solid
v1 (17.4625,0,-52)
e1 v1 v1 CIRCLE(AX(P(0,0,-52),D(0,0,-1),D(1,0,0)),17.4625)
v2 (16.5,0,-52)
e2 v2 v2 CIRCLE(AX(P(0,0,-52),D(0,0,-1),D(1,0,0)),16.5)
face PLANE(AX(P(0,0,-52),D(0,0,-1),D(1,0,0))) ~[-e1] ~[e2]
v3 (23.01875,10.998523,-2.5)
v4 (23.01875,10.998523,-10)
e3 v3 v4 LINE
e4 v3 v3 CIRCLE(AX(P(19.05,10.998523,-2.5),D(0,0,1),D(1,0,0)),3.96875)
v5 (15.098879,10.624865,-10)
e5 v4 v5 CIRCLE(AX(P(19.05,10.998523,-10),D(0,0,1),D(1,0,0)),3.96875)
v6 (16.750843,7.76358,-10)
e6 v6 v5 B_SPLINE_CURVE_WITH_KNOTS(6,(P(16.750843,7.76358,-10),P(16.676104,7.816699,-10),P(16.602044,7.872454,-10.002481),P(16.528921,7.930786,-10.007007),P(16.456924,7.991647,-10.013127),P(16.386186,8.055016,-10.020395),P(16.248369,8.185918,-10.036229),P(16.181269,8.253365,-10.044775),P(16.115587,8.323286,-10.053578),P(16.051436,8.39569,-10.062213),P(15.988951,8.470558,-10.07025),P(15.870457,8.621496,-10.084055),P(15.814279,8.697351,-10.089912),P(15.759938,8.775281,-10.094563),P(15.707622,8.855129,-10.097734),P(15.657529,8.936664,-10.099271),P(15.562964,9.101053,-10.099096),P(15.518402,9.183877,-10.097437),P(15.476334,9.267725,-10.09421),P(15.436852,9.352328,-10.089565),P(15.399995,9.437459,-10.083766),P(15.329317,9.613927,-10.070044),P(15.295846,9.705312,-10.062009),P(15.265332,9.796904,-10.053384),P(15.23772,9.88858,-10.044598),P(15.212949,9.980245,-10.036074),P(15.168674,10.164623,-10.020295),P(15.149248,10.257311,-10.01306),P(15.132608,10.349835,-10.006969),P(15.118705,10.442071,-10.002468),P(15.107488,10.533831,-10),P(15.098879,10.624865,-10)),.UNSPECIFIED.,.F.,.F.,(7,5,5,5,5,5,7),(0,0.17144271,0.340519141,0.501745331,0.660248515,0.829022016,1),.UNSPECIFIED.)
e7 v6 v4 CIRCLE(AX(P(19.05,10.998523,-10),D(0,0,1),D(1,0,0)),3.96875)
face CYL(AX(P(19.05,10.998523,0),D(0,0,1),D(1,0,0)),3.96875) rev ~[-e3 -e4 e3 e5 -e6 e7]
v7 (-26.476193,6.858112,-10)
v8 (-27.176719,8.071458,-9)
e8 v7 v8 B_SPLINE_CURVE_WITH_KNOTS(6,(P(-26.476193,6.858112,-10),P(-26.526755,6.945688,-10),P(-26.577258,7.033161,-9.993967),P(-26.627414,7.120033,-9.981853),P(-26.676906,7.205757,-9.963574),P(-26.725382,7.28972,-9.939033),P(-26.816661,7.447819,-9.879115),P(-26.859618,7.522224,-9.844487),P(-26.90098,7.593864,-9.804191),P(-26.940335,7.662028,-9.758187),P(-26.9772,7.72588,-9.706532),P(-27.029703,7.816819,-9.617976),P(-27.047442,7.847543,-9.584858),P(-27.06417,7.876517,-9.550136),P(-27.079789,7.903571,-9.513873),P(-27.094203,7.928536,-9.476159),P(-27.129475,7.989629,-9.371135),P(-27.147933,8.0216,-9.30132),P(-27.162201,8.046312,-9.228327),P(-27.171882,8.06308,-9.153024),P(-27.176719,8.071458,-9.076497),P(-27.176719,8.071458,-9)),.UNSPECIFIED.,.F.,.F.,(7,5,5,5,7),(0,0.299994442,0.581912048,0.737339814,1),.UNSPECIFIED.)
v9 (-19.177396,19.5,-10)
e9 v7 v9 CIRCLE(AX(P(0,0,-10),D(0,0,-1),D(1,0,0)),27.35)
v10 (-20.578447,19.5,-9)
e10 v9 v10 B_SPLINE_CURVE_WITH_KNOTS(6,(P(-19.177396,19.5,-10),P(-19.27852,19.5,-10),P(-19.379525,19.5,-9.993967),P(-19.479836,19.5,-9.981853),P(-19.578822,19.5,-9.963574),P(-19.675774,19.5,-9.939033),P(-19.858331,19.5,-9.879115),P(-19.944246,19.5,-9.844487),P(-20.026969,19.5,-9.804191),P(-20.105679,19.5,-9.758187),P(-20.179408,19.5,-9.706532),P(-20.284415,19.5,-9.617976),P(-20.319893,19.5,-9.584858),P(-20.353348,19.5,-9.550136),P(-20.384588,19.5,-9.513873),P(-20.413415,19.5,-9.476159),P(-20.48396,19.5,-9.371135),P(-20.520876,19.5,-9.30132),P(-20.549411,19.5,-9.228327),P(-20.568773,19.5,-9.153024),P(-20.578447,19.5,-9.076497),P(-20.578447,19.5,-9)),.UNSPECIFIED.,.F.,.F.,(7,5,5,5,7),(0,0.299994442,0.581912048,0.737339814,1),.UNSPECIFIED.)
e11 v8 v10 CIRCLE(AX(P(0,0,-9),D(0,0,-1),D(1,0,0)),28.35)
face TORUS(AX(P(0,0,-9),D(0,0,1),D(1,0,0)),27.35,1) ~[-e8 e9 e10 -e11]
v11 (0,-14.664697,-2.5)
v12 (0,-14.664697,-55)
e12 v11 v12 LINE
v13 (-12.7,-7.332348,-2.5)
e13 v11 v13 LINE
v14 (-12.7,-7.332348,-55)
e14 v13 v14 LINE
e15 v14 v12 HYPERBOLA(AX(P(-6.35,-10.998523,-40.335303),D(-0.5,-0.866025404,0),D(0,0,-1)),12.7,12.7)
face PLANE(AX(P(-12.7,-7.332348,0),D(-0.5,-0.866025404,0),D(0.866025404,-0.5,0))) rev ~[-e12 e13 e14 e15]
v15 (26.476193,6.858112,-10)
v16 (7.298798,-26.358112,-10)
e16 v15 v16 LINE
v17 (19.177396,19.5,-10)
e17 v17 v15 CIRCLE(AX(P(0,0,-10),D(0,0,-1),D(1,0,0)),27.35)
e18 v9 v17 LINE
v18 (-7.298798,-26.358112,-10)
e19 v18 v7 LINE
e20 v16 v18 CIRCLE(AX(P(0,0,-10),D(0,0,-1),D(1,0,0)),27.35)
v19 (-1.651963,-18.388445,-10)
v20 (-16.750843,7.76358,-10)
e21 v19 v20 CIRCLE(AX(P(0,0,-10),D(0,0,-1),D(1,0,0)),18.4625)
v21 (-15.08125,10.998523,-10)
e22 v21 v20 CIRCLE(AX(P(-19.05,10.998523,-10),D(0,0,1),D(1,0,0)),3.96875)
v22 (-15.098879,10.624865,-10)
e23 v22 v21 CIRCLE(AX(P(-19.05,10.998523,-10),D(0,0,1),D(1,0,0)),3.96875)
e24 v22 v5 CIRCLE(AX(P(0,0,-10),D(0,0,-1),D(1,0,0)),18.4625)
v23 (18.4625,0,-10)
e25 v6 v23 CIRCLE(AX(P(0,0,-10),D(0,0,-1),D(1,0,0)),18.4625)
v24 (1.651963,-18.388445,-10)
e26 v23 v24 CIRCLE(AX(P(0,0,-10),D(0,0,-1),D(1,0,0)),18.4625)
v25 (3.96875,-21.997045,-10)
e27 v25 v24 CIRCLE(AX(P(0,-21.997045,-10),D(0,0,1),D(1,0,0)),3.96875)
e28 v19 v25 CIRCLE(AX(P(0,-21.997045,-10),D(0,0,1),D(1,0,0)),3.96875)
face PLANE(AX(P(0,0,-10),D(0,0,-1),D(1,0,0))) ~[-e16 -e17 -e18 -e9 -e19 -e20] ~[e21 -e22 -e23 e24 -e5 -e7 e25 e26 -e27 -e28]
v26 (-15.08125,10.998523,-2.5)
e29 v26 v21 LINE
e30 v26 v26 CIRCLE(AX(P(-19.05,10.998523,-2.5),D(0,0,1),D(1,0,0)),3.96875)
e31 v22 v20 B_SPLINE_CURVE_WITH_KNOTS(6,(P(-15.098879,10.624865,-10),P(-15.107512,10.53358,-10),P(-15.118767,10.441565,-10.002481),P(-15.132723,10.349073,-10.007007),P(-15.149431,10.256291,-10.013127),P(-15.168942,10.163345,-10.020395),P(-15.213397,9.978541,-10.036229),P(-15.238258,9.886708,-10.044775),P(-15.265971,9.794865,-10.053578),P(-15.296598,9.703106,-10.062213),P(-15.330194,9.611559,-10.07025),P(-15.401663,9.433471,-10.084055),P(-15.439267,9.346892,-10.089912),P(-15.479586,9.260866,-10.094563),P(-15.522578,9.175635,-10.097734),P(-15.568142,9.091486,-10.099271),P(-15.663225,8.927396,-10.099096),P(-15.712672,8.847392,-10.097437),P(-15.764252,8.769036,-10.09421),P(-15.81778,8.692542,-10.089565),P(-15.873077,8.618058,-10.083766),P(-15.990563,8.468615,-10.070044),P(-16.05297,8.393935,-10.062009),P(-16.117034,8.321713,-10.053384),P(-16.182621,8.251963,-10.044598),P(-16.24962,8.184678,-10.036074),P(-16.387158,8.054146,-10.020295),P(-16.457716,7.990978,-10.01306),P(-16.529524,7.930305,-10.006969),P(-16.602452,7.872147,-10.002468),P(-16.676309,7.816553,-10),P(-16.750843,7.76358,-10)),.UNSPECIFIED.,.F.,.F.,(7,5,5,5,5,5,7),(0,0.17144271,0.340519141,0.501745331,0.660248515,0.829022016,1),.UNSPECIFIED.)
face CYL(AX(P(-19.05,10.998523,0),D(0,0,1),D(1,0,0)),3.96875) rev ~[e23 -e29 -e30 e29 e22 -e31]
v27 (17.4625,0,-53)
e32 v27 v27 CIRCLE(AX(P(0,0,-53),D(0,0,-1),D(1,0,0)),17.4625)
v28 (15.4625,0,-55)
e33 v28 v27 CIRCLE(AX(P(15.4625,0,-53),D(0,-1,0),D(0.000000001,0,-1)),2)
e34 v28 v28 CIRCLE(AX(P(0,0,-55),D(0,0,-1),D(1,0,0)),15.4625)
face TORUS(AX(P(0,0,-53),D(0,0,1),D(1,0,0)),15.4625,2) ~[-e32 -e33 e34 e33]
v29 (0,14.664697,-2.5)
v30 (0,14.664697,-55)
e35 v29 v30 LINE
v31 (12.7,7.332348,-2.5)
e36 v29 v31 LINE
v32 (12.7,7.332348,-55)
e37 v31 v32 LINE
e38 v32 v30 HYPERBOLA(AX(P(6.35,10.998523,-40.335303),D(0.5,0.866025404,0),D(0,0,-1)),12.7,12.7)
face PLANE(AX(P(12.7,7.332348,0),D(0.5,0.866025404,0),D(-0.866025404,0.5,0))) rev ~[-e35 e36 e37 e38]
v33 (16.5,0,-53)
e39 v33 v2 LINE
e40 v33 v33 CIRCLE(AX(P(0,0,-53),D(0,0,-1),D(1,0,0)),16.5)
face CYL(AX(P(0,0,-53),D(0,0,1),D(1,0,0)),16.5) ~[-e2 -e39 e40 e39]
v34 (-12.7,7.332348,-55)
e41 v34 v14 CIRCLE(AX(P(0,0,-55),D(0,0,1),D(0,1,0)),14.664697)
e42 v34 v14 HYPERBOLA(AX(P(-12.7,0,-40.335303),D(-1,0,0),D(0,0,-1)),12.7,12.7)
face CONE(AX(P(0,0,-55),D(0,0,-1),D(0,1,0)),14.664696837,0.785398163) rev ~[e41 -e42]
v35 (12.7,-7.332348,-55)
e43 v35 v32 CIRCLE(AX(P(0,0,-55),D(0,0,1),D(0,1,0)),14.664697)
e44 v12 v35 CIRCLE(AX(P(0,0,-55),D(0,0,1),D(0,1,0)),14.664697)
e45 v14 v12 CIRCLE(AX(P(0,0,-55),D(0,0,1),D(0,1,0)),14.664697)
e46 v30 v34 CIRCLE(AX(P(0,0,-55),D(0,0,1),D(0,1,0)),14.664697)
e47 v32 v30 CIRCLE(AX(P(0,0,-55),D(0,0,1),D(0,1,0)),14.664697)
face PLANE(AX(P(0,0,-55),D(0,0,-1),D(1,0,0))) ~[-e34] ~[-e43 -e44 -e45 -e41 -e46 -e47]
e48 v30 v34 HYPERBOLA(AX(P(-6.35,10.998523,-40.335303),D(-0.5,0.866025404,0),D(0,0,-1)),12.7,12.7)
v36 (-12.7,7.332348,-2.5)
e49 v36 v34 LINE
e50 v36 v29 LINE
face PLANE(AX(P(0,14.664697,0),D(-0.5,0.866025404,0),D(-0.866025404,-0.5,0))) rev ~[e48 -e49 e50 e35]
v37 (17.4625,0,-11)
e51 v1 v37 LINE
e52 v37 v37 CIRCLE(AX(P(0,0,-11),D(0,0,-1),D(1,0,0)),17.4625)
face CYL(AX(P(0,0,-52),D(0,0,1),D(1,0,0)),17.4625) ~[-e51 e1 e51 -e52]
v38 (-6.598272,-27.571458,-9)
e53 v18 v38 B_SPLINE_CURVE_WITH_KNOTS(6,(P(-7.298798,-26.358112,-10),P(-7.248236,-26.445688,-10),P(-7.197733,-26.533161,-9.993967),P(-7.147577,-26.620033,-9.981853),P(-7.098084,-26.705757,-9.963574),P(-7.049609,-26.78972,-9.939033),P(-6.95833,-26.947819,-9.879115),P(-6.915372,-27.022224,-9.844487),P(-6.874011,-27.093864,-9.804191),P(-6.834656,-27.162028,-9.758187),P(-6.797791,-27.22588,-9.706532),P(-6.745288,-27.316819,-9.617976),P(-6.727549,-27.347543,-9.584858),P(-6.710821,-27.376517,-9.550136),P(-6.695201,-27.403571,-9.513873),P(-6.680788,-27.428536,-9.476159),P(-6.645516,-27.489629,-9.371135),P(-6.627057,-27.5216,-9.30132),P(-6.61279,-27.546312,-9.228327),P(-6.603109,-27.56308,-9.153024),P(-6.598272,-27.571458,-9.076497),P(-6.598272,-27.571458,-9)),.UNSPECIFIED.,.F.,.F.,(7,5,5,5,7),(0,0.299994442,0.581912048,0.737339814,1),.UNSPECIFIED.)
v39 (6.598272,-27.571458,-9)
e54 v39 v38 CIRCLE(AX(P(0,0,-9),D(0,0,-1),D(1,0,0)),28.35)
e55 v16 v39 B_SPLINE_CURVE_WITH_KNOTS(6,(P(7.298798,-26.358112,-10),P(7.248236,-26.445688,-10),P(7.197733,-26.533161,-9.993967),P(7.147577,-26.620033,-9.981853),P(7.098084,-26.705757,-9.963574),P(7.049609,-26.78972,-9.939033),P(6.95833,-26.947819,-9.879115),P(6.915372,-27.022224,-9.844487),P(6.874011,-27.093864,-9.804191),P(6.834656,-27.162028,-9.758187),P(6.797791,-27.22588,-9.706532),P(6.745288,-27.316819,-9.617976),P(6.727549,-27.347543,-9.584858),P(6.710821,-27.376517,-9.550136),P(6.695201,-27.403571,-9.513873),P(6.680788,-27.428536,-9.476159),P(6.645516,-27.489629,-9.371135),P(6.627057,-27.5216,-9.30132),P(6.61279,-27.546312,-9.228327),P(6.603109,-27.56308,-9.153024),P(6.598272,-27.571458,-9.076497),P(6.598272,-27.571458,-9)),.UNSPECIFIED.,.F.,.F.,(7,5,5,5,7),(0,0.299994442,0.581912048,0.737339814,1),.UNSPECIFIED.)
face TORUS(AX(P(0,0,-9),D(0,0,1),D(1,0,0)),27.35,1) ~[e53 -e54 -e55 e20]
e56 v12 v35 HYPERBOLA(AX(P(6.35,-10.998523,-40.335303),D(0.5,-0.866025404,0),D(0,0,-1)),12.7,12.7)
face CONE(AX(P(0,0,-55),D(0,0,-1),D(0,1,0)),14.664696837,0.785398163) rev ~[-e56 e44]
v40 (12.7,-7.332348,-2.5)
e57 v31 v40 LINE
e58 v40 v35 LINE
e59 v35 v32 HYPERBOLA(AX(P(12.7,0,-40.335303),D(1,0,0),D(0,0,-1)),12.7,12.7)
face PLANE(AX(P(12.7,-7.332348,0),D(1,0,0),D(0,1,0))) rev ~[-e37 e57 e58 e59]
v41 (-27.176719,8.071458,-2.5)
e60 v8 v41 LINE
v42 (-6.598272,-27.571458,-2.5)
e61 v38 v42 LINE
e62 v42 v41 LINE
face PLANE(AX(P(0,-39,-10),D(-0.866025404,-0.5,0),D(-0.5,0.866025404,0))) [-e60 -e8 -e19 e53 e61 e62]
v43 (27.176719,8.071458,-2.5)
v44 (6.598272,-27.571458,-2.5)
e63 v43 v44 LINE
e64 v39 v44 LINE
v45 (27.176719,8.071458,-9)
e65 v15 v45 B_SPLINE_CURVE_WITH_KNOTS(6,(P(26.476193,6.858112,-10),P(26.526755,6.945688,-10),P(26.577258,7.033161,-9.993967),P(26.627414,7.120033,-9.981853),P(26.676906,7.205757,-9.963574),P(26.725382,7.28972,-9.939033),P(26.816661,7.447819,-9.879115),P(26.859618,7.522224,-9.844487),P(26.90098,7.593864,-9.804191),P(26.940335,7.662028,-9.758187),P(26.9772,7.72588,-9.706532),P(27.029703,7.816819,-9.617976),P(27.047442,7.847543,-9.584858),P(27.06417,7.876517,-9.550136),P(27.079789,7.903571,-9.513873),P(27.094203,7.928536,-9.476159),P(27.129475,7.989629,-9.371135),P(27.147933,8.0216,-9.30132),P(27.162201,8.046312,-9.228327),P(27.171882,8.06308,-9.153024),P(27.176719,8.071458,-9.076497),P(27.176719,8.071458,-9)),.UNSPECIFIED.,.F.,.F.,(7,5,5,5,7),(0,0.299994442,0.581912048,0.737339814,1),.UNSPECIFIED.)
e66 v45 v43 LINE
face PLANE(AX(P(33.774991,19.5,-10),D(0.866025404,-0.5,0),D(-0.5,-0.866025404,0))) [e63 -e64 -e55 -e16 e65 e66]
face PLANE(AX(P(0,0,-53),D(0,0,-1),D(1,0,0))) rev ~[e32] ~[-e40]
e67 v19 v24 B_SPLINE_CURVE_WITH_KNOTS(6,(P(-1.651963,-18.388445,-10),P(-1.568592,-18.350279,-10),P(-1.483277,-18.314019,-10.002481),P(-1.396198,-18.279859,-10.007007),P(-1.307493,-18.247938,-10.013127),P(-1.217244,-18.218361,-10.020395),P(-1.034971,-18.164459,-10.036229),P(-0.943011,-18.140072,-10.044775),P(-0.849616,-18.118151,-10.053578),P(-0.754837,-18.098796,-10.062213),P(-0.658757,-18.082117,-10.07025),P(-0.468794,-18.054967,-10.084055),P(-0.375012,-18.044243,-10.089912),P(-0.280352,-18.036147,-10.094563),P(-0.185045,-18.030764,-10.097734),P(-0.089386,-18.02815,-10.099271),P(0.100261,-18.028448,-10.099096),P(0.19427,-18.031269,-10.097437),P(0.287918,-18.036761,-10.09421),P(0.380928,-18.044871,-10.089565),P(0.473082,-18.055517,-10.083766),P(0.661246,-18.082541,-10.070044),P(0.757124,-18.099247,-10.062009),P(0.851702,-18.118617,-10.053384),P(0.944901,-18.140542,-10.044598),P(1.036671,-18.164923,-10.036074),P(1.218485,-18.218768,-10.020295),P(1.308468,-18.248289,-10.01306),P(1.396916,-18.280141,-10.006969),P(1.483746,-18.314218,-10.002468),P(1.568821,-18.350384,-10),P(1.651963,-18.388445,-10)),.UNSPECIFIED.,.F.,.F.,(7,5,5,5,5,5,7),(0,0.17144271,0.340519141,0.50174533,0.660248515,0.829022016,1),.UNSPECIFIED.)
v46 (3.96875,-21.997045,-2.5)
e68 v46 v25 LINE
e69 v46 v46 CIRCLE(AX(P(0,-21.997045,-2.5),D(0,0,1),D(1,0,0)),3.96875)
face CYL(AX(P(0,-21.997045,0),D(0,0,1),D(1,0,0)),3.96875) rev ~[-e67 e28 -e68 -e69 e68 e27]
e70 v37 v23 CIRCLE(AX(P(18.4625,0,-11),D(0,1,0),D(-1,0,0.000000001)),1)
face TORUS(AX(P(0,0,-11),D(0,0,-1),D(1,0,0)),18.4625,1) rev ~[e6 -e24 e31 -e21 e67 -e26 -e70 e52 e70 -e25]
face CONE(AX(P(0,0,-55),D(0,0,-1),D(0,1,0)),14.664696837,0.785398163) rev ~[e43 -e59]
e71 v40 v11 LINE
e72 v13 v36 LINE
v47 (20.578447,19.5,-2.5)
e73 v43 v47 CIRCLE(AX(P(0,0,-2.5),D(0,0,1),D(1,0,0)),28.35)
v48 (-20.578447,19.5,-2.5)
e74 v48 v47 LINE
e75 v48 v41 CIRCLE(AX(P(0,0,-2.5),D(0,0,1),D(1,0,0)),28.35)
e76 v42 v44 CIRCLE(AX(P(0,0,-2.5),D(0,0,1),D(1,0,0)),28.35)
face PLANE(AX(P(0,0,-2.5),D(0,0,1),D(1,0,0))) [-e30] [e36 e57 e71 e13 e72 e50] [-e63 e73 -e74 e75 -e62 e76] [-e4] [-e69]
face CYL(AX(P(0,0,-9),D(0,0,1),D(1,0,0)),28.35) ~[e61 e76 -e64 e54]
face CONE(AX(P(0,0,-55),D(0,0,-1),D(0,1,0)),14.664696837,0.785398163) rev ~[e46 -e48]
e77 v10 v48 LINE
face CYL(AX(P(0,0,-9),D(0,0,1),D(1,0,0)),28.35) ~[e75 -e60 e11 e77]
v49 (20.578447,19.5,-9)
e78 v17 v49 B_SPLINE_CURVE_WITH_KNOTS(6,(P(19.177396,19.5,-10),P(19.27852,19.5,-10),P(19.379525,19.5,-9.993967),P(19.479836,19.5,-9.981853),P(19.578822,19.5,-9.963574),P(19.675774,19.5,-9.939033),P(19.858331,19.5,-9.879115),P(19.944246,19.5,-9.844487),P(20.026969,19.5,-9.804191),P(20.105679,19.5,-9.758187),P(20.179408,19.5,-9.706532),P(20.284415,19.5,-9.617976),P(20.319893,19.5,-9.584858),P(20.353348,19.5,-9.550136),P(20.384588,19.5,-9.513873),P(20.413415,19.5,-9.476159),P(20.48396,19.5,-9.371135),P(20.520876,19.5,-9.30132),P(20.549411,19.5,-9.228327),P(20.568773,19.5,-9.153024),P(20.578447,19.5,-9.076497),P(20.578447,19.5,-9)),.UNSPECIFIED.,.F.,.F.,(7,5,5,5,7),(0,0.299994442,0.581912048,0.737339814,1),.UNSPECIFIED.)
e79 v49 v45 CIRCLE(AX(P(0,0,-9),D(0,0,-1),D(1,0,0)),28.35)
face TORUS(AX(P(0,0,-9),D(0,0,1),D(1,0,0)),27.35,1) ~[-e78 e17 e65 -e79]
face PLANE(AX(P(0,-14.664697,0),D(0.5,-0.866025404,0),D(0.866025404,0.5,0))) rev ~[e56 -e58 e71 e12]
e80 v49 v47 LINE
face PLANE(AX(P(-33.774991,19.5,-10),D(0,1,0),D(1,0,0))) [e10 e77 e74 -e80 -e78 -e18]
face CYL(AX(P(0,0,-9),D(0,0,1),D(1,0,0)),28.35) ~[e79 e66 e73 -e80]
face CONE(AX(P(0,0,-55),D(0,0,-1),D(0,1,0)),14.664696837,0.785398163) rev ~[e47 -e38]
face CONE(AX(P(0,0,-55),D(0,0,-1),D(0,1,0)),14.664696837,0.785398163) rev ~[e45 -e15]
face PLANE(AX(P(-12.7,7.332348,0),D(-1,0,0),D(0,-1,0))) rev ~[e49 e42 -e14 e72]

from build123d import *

# Parameters (mm, degrees)
SKETCH2_R          = 3.96875
CUT_EXTRUDE1_DEPTH = 69.062067304
SKETCH4_W          = 91.060119334
SKETCH4_H          = 85.338920038
CUT_EXTRUDE2_DEPTH = 10
SKETCH5_W          = 59.127494052
SKETCH5_H          = 59.423778288
CUT_EXTRUDE3_DEPTH = 2.5


with BuildPart() as part:
    # Sketch1 → Revolve1 (revolve)
    with BuildSketch(Plane(origin=(0, 0, 0), x_dir=(0, 0, -1), z_dir=(1, 0, 0)), mode=Mode.PRIVATE) as revolve1_sk:
        with BuildLine():
            Line((0, 27.35), (0, 0))
            Line((0, 0), (55, 0))
            Line((55, 0), (55, 15.4625))
            ThreePointArc((55, 15.4625), (54.414213562, 16.876713562), (53, 17.4625))
            Line((53, 17.4625), (53, 16.5))
            Line((53, 16.5), (52, 16.5))
            Line((52, 16.5), (52, 17.4625))
            Line((52, 17.4625), (11, 17.4625))
            ThreePointArc((11, 17.4625), (10.292893219, 17.755393219), (10, 18.4625))
            Line((10, 18.4625), (10, 27.35))
            ThreePointArc((10, 27.35), (9.707106781, 28.057106781), (9, 28.35))
            Line((9, 28.35), (1, 28.35))
            ThreePointArc((1, 28.35), (0.292893219, 28.057106781), (0, 27.35))
        make_face()
    revolve(revolve1_sk.sketch.rotate(Axis((0, 0, 0), (0, 0, -1)), 90), axis=Axis((0, 0, 0), (0, 0, -1)))

    # Sketch2 → Cut-Extrude1 (cut, through all)
    with BuildSketch(Plane.XY):
        with Locations((-19.05, 10.998522628)):
            Circle(SKETCH2_R)
        with Locations((19.05, 10.998522628)):
            Circle(SKETCH2_R)
        with Locations((0, -21.997045256)):
            Circle(SKETCH2_R)
        Polygon((0, 14.664696837), (-12.7, 7.332348419), (-12.7, -7.332348419), (0, -14.664696837), (12.7, -7.332348419), (12.7, 7.332348419), align=None)
    extrude(amount=-CUT_EXTRUDE1_DEPTH, mode=Mode.SUBTRACT)

    # Sketch3 → Cut-Revolve2 (revolve, cut)
    with BuildSketch(Plane(origin=(0, 0, 0), x_dir=(0, 0, -1), z_dir=(1, 0, 0))):
        Polygon((0, 14.664696837), (0, 11.164696837), (3.5, 11.164696837), align=None)
        Polygon((51.5, 11.164696837), (55, 11.164696837), (55, 14.664696837), align=None)
    revolve(axis=Axis((0, 0, -55), (0, 0, 1)), mode=Mode.SUBTRACT)

    # Sketch4 → Cut-Extrude2 (cut)
    with BuildSketch(Plane(origin=(0, 0, -10), x_dir=(-1, 0, 0), z_dir=(0, 0, -1))):
        Rectangle(SKETCH4_W, SKETCH4_H)
        Polygon((0, -39), (33.774990748, 19.5), (-33.774990748, 19.5), align=None, mode=Mode.SUBTRACT)
    extrude(amount=-CUT_EXTRUDE2_DEPTH, mode=Mode.SUBTRACT)

    # Sketch5 → Cut-Extrude3 (cut)
    with BuildSketch(Plane.XY):
        Rectangle(SKETCH5_W, SKETCH5_H)
    extrude(amount=-CUT_EXTRUDE3_DEPTH, mode=Mode.SUBTRACT)


solid = part.part
